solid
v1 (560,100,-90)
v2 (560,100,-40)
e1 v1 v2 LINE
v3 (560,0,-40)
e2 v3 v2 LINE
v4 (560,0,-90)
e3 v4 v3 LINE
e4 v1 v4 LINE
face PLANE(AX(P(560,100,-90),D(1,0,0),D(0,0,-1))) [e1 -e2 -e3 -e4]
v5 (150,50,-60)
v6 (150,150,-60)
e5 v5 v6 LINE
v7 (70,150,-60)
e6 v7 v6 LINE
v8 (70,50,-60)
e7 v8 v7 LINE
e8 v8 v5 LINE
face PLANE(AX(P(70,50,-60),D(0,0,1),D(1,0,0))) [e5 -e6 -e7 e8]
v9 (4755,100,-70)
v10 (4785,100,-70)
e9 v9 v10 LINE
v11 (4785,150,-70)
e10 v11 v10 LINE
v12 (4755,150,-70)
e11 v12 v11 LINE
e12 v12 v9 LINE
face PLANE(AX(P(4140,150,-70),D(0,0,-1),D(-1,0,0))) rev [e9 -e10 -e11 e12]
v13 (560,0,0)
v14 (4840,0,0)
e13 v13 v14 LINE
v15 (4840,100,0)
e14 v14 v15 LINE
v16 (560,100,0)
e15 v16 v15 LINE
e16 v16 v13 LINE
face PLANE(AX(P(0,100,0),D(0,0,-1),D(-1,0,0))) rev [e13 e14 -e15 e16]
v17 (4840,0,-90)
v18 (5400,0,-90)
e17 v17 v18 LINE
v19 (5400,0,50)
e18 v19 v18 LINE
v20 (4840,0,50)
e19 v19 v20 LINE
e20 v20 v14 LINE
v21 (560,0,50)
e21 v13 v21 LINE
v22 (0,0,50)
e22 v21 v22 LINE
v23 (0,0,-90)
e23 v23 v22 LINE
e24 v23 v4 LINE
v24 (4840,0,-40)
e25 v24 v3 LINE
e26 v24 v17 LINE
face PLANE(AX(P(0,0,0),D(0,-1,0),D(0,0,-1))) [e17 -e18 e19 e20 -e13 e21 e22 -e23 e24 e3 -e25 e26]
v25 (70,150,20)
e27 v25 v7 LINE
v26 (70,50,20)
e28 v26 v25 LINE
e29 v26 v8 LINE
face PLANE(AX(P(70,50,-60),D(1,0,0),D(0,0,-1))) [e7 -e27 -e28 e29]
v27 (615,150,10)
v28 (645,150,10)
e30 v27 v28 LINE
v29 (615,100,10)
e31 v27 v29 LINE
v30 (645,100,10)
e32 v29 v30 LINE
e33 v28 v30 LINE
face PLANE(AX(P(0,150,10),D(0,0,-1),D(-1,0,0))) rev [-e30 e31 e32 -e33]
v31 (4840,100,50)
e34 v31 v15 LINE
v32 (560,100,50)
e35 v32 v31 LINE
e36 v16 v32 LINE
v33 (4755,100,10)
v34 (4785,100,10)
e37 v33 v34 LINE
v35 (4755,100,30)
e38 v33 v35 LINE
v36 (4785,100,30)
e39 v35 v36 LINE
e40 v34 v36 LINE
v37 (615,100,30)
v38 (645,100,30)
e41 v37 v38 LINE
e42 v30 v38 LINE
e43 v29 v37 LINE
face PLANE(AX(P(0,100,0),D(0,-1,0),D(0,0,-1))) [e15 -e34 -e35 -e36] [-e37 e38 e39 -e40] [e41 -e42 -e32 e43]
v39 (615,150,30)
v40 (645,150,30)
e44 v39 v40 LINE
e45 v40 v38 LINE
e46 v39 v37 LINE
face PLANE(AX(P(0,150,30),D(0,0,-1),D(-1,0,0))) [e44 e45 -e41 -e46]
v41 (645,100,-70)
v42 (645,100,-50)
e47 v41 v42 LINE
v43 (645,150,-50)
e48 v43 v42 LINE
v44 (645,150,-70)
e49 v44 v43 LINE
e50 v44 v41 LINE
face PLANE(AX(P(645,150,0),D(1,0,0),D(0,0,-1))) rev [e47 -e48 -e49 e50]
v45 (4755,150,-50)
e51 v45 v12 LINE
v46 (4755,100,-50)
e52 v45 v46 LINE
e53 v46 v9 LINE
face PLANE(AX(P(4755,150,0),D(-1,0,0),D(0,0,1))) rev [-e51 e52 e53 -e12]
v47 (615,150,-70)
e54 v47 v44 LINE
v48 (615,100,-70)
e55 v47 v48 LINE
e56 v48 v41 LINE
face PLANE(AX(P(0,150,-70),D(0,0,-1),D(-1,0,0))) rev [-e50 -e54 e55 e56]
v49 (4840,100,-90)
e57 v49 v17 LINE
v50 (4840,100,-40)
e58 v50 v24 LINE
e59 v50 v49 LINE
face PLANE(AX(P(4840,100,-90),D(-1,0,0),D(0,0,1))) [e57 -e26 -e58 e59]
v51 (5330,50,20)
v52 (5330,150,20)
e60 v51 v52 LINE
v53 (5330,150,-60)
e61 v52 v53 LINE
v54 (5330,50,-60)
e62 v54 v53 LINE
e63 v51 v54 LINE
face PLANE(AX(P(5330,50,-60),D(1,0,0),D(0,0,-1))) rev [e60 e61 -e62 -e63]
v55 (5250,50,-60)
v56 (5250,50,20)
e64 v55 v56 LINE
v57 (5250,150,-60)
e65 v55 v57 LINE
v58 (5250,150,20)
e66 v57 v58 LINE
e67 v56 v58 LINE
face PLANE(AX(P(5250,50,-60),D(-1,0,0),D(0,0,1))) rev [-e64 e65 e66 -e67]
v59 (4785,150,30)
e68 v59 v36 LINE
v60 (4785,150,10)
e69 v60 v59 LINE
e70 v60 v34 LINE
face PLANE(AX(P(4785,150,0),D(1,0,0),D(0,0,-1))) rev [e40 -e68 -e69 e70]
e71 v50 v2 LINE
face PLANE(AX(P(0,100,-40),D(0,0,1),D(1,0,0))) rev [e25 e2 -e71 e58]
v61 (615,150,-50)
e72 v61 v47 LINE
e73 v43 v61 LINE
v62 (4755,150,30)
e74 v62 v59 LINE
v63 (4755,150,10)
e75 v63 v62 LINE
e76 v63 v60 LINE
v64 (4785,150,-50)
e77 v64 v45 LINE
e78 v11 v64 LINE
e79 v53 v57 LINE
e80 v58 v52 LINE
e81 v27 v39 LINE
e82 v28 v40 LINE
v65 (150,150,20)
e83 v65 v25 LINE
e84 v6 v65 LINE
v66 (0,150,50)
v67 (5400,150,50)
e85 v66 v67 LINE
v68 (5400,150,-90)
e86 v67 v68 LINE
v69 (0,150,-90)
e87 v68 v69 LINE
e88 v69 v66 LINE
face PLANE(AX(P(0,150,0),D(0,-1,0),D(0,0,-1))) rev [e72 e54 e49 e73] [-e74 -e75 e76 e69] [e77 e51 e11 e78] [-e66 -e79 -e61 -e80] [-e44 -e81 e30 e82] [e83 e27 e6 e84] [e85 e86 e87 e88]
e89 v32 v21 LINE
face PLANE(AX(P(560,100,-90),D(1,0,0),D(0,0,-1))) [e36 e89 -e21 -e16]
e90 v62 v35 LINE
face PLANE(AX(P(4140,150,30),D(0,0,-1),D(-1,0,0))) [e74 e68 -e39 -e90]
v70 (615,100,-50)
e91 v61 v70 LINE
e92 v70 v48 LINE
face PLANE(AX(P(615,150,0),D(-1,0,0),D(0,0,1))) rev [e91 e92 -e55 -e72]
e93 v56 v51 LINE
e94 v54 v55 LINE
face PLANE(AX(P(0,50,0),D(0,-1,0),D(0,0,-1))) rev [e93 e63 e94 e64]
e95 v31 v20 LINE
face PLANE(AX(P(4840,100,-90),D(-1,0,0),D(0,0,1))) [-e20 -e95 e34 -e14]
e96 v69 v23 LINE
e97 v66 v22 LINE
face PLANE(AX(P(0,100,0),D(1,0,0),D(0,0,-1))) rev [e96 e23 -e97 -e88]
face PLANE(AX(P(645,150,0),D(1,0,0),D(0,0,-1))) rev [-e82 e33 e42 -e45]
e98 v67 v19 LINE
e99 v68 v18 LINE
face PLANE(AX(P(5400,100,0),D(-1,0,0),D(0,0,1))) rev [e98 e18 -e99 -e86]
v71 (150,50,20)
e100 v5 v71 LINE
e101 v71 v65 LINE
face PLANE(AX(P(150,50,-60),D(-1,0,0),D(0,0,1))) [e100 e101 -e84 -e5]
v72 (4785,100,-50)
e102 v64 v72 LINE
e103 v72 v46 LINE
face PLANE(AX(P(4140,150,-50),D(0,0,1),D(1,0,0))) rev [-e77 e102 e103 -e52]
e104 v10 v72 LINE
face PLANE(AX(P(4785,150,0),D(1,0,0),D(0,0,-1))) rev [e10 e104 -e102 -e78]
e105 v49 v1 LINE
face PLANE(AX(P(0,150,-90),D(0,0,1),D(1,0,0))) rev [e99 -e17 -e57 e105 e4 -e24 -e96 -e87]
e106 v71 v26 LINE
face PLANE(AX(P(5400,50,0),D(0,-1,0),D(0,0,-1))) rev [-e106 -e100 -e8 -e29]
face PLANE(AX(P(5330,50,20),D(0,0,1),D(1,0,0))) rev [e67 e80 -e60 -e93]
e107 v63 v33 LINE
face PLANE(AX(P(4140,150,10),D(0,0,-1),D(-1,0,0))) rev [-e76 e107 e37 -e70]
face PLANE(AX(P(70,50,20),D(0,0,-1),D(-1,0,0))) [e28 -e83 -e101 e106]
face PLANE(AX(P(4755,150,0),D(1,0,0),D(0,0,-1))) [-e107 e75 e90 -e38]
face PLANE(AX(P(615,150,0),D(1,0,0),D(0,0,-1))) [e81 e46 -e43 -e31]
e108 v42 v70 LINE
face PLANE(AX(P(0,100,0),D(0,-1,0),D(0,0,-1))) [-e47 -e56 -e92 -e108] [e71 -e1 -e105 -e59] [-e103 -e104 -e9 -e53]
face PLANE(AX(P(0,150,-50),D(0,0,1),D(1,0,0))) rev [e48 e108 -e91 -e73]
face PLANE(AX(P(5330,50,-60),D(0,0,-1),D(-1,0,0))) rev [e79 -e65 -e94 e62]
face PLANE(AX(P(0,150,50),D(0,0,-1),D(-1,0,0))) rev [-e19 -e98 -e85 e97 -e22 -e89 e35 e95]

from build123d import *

# Parameters (mm, degrees)
SKETCH_1_W             = 5400
SKETCH_1_H             = 40
EXTRUDE_1_DEPTH        = 100
SKETCH_2_W             = 5400
SKETCH_2_H             = 140
EXTRUDE_2_DEPTH        = 50
SKETCH_3_W             = 30
SKETCH_3_H             = 20
CUT_EXTRUDE_1_DEPTH    = 51
PATTERN_LINEAR_1_COUNT = 2
PATTERN_LINEAR_1_PITCH = 4140
SKETCH_4_W             = 560
SKETCH_4_H             = 140
EXTRUDE_3_DEPTH        = 100
PATTERN_LINEAR_2_COUNT = 2
PATTERN_LINEAR_2_PITCH = 4840
SKETCH_5_W             = 80
SKETCH_5_H             = 80
CUT_EXTRUDE_2_DEPTH    = 100


with BuildPart() as part:
    # 草图1 → 凸台-拉伸1 (new body)
    with BuildSketch(Plane(origin=(0, 0, 0), x_dir=(1, 0, 0), z_dir=(0, 1, 0))):
        with Locations((2700, 20)):
            Rectangle(SKETCH_1_W, SKETCH_1_H)
    extrude(amount=EXTRUDE_1_DEPTH)

    # 草图2 → 凸台-拉伸2 (add)
    with BuildSketch(Plane(origin=(0, 100, 0), x_dir=(1, 0, 0), z_dir=(0, 1, 0))):
        with Locations((2700, 20)):
            Rectangle(SKETCH_2_W, SKETCH_2_H)
    extrude(amount=EXTRUDE_2_DEPTH)

    # 草图3 → 切除-拉伸1 (cut, through all)
    with BuildSketch(Plane.XZ.offset(-100)):
        with Locations((630, -60)):
            Rectangle(SKETCH_3_W, SKETCH_3_H)
        with Locations((630, 20)):
            Rectangle(SKETCH_3_W, SKETCH_3_H)
    cut_extrude_1 = extrude(amount=-CUT_EXTRUDE_1_DEPTH, mode=Mode.SUBTRACT)

    # 阵列(线性)1: 切除-拉伸1 ×2
    with Locations(*[(i * PATTERN_LINEAR_1_PITCH, 0, 0) for i in range(1, PATTERN_LINEAR_1_COUNT)]):
        add(cut_extrude_1, mode=Mode.SUBTRACT)

    # 草图4 → 凸台-拉伸3 (add)
    with BuildSketch(Plane.XZ):
        with Locations((5120, -20)):
            Rectangle(SKETCH_4_W, SKETCH_4_H)
    extrude_3 = extrude(amount=-EXTRUDE_3_DEPTH)

    # 阵列(线性)2: 凸台-拉伸3 ×2
    with Locations(*[(-i * PATTERN_LINEAR_2_PITCH, 0, 0) for i in range(1, PATTERN_LINEAR_2_COUNT)]):
        add(extrude_3)

    # 草图5 → 切除-拉伸2 (cut)
    with BuildSketch(Plane(origin=(0, 150, 0), x_dir=(1, 0, 0), z_dir=(0, 1, 0))):
        with Locations((5290, 20)):
            Rectangle(SKETCH_5_W, SKETCH_5_H)
    cut_extrude_2 = extrude(amount=-CUT_EXTRUDE_2_DEPTH, mode=Mode.SUBTRACT)

    # 镜向1: 切除-拉伸2 across plane
    add(cut_extrude_2.mirror(Plane(origin=(2700, 0, 0), x_dir=(0, 0, 1), z_dir=(1, 0, 0))), mode=Mode.SUBTRACT)


solid = part.part
